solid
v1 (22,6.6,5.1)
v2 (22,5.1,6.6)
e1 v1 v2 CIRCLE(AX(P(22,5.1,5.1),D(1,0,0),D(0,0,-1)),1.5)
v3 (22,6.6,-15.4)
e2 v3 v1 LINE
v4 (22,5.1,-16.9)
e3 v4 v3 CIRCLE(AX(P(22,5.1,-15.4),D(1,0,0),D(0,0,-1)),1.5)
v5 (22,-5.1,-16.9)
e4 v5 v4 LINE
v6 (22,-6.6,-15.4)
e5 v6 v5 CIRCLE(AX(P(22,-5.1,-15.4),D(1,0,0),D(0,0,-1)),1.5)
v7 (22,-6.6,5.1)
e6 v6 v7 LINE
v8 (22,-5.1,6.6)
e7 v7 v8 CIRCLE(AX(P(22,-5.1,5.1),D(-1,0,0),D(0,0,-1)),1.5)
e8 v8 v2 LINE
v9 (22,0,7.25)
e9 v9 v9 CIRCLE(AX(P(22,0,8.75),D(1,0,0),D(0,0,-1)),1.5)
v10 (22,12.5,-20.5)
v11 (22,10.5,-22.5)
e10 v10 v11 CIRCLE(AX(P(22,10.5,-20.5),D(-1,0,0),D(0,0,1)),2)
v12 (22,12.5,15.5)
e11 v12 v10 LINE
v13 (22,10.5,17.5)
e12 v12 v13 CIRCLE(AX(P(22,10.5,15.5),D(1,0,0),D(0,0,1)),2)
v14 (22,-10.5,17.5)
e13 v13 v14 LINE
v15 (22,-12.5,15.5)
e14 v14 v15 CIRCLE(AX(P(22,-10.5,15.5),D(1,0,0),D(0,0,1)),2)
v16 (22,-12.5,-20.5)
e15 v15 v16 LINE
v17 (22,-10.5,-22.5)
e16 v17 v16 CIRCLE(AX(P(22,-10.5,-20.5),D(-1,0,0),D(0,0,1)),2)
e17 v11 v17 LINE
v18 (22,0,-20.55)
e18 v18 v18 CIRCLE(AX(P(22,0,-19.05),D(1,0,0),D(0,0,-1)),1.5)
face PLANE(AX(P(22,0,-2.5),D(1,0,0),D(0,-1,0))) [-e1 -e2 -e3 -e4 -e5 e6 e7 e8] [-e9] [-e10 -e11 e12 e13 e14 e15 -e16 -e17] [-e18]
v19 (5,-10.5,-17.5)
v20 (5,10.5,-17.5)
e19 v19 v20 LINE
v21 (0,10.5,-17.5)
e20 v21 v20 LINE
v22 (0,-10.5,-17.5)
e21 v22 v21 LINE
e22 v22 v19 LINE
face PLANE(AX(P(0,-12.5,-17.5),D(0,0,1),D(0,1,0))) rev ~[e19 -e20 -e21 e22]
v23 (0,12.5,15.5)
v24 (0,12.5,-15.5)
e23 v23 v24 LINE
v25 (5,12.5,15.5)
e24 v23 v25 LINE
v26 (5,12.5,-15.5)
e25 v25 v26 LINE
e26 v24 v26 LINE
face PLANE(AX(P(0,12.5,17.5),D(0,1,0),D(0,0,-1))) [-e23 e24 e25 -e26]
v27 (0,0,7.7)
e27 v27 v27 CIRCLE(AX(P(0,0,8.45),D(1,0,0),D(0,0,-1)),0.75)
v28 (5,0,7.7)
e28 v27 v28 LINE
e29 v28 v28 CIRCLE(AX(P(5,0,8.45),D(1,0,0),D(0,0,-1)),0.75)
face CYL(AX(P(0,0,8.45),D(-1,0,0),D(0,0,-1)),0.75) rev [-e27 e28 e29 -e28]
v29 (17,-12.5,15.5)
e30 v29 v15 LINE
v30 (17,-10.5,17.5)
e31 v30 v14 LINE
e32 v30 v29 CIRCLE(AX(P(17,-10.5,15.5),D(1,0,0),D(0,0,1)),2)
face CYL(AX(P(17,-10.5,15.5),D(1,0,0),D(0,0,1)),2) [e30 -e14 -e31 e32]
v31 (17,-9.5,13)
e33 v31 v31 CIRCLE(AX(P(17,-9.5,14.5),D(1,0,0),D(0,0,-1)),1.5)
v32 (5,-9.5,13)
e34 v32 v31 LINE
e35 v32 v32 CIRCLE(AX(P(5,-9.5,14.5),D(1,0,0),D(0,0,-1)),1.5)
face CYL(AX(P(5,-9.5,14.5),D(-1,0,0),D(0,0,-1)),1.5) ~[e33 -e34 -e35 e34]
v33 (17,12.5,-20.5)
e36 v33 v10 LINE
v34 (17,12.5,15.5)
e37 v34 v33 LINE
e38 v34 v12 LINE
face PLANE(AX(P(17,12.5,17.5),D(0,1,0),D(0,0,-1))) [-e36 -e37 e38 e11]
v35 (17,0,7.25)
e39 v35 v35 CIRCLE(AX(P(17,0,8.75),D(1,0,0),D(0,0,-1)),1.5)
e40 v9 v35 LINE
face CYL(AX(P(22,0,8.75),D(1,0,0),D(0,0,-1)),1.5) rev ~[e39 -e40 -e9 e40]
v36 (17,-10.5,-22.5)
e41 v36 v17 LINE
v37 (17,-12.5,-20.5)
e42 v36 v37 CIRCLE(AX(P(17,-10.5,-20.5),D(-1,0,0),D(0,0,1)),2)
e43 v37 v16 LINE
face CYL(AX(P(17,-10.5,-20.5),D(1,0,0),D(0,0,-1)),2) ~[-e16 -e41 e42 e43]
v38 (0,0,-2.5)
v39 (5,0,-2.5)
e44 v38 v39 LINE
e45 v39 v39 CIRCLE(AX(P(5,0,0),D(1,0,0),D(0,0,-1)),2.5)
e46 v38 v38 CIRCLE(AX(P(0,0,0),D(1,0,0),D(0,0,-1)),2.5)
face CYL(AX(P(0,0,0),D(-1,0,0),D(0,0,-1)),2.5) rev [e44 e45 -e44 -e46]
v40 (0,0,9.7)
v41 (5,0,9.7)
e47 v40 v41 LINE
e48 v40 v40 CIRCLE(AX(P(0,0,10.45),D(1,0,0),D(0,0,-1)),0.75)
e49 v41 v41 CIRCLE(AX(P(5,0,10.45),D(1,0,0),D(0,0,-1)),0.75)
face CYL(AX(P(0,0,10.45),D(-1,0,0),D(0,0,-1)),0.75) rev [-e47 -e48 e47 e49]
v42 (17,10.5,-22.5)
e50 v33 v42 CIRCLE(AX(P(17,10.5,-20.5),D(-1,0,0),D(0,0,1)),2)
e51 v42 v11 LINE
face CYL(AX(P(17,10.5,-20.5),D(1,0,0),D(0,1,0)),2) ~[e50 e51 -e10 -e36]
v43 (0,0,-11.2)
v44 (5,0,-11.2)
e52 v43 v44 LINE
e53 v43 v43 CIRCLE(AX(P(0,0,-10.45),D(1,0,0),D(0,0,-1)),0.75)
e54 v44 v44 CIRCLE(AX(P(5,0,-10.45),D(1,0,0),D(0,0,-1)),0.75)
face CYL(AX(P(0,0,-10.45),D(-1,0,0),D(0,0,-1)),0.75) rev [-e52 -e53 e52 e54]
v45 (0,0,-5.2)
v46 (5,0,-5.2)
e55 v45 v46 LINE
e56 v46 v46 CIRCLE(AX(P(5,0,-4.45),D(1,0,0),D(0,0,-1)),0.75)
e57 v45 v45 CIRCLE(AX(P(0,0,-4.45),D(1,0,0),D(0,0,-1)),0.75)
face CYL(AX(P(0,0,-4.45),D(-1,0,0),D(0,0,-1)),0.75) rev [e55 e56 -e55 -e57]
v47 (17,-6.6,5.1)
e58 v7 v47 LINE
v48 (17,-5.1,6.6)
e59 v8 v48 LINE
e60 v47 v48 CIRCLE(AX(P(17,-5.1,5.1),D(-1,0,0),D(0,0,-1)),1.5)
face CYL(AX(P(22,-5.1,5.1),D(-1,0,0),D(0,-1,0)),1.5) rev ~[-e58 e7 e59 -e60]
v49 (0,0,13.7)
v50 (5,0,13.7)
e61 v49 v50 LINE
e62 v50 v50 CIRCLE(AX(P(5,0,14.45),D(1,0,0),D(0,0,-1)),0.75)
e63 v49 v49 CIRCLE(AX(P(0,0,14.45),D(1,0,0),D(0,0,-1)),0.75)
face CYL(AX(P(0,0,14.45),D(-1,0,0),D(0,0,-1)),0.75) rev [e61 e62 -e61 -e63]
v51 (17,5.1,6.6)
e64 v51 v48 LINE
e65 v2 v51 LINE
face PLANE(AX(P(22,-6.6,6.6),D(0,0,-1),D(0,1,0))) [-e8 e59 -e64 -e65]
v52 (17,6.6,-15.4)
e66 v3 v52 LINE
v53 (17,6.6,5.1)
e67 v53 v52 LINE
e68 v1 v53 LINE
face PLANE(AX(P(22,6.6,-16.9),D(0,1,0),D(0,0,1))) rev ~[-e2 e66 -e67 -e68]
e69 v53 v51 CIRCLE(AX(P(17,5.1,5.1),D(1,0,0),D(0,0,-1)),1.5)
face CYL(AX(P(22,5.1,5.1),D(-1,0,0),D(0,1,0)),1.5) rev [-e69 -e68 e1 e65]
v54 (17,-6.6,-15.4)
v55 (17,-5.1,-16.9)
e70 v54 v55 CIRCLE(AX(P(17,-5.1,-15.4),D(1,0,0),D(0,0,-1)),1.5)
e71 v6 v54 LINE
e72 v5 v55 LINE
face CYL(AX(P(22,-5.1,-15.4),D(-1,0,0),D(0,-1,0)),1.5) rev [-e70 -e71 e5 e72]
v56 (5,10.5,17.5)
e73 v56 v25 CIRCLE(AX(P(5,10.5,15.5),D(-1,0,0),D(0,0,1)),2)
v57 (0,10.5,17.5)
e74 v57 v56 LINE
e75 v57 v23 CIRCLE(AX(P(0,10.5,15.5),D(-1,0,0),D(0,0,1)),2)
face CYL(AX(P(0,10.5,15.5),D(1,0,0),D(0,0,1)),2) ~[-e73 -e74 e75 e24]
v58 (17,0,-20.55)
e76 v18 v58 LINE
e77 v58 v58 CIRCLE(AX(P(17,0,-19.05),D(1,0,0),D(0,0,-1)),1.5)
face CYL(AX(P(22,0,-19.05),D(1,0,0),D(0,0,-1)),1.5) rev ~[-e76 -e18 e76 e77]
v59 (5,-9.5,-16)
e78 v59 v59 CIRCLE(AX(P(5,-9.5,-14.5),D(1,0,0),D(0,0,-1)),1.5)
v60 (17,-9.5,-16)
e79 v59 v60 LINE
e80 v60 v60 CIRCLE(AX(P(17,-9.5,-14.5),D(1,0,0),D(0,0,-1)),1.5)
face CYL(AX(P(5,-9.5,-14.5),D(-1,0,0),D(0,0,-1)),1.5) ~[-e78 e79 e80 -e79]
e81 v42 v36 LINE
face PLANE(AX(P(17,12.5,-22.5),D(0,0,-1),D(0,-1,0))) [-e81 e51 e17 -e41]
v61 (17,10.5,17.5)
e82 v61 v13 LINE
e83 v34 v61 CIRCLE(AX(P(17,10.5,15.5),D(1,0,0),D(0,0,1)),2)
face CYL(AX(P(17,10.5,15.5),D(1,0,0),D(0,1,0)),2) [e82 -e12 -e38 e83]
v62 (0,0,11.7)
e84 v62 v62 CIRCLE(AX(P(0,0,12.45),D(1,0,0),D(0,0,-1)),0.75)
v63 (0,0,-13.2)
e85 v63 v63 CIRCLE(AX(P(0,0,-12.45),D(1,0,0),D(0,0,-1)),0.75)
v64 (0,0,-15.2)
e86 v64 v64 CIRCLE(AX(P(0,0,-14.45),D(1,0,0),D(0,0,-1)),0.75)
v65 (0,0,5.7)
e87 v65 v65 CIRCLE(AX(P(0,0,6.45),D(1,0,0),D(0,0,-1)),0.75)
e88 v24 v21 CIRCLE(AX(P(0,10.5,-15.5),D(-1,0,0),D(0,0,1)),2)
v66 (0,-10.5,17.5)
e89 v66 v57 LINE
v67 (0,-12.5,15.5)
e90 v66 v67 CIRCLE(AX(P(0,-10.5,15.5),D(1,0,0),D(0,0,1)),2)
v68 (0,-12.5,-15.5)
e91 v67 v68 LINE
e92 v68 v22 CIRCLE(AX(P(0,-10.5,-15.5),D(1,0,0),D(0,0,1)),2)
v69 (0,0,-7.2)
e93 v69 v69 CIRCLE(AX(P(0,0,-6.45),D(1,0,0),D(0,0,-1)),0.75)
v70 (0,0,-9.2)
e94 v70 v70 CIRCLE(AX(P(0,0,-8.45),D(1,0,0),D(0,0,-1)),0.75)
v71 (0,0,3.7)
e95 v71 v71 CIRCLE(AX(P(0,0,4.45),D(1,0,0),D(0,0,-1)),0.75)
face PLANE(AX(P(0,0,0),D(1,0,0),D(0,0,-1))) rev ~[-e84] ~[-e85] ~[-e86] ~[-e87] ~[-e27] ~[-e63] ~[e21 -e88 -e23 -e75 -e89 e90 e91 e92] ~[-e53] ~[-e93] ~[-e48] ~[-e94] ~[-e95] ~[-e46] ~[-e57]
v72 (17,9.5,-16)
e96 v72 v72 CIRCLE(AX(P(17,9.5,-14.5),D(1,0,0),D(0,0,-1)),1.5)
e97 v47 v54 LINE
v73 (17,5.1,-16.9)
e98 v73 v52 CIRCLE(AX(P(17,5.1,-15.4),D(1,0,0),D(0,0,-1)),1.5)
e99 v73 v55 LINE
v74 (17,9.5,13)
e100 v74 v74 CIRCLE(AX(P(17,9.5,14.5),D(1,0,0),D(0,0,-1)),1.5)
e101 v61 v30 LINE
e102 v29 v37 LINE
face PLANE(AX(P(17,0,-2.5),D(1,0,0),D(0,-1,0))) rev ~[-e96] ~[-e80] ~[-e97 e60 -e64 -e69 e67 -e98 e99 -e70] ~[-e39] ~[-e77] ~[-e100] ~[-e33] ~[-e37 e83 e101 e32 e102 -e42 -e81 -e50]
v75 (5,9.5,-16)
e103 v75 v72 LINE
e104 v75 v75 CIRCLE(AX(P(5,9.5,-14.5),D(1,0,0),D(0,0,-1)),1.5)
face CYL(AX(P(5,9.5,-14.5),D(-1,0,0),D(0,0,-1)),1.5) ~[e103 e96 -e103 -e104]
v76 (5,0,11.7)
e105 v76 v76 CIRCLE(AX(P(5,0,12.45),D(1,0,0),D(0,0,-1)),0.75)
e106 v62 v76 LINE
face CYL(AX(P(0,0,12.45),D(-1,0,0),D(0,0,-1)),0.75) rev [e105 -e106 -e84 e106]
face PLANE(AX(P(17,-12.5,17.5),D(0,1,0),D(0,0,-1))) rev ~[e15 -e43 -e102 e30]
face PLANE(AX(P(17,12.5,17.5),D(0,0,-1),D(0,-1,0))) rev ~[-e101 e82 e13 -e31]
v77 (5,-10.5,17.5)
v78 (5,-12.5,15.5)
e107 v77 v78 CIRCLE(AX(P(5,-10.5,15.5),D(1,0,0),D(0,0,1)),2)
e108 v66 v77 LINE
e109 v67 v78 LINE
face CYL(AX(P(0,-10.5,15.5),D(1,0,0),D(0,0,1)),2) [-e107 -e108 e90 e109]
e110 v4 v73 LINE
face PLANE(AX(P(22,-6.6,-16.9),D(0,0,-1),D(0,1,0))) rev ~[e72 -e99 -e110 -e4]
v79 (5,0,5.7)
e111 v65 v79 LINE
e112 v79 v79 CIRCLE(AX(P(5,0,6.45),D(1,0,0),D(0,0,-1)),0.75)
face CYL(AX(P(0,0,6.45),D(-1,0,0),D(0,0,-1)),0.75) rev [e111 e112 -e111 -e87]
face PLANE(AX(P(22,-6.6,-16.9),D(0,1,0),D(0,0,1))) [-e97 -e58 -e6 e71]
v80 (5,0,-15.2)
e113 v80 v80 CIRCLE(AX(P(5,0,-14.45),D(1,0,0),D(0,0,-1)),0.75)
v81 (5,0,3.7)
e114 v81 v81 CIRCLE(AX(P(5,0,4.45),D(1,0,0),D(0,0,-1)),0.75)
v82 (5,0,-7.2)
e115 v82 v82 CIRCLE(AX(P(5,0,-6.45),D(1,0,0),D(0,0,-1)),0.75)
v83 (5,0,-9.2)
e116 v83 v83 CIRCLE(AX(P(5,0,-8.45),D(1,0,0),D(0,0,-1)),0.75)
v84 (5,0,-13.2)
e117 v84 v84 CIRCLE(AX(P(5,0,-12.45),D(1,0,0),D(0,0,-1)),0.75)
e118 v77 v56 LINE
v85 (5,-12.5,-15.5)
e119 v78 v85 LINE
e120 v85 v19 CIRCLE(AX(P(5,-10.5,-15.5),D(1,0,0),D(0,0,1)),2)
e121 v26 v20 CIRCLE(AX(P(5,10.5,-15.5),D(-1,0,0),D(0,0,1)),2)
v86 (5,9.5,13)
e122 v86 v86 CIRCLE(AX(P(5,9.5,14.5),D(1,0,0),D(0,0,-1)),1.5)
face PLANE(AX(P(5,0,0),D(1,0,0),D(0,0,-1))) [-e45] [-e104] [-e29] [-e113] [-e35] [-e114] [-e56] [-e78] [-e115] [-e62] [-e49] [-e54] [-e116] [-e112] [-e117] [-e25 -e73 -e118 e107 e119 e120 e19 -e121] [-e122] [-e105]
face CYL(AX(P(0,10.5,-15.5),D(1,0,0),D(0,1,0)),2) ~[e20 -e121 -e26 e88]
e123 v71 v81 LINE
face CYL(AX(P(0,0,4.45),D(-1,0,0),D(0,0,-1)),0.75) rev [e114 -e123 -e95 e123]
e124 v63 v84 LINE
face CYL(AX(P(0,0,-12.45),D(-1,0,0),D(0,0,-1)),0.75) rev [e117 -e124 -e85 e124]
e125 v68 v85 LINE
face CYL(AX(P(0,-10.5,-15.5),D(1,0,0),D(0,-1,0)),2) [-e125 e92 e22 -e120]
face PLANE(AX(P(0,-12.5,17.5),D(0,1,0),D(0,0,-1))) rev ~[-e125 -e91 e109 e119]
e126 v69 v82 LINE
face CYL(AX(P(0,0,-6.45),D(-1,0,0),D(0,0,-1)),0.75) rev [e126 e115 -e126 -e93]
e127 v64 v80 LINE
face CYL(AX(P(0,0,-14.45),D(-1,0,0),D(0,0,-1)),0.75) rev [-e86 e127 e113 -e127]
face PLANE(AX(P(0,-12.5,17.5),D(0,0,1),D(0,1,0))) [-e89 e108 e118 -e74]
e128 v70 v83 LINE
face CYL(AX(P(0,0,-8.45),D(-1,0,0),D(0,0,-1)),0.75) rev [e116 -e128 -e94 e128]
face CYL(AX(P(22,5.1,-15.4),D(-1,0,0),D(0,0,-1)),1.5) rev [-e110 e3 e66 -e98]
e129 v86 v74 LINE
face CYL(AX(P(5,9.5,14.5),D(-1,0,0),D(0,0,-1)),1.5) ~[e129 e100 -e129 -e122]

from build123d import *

# Parameters (mm, degrees)
SKETCH1_W           = 35
SKETCH1_H           = 25
SKETCH1_R           = 0.75
SKETCH1_R_2         = 2.5
BOSS_EXTRUDE1_DEPTH = 5
SKETCH5_R           = 1.5
BOSS_EXTRUDE3_DEPTH = 12
SKETCH4_W           = 25
SKETCH4_H           = 40
BOSS_EXTRUDE2_DEPTH = 5
CUT_EXTRUDE2_REACH  = 55.819
SKETCH3_R           = 1.5
SKETCH3_W           = 13.2
SKETCH3_H           = 23.5
FILLET5_R           = 1.5
FILLET6_R           = 2


with BuildPart() as part:
    # Sketch1 → Boss-Extrude1 (new body)
    with BuildSketch(Plane(origin=(0, 0, 0), x_dir=(0, 0, -1), z_dir=(1, 0, 0))):
        Rectangle(SKETCH1_W, SKETCH1_H)
        with Locations((-14.45, 0)):
            Circle(SKETCH1_R, mode=Mode.SUBTRACT)
        with Locations((-12.45, 0)):
            Circle(SKETCH1_R, mode=Mode.SUBTRACT)
        with Locations((-10.45, 0)):
            Circle(SKETCH1_R, mode=Mode.SUBTRACT)
        with Locations((-8.45, 0)):
            Circle(SKETCH1_R, mode=Mode.SUBTRACT)
        with Locations((-6.45, 0)):
            Circle(SKETCH1_R, mode=Mode.SUBTRACT)
        with Locations((-4.45, 0)):
            Circle(SKETCH1_R, mode=Mode.SUBTRACT)
        Circle(SKETCH1_R_2, mode=Mode.SUBTRACT)
        with Locations((4.45, 0)):
            Circle(SKETCH1_R, mode=Mode.SUBTRACT)
        with Locations((6.45, 0)):
            Circle(SKETCH1_R, mode=Mode.SUBTRACT)
        with Locations((8.45, 0)):
            Circle(SKETCH1_R, mode=Mode.SUBTRACT)
        with Locations((10.45, 0)):
            Circle(SKETCH1_R, mode=Mode.SUBTRACT)
        with Locations((12.45, 0)):
            Circle(SKETCH1_R, mode=Mode.SUBTRACT)
        with Locations((14.45, 0)):
            Circle(SKETCH1_R, mode=Mode.SUBTRACT)
    extrude(amount=BOSS_EXTRUDE1_DEPTH)

    # Sketch5 → Boss-Extrude3 (add)
    with BuildSketch(Plane(origin=(5, 0, 0), x_dir=(0, 0, -1), z_dir=(1, 0, 0))):
        with Locations((-14.5, 9.5)):
            Circle(SKETCH5_R)
        with Locations((14.5, 9.5)):
            Circle(SKETCH5_R)
        with Locations((14.5, -9.5)):
            Circle(SKETCH5_R)
        with Locations((-14.5, -9.5)):
            Circle(SKETCH5_R)
    extrude(amount=BOSS_EXTRUDE3_DEPTH)

    # Sketch4 → Boss-Extrude2 (add)
    with BuildSketch(Plane(origin=(17, 17.5, 0), x_dir=(0, -1, 0), z_dir=(1, 0, 0))):
        with Locations((17.5, 2.5)):
            Rectangle(SKETCH4_W, SKETCH4_H)
    extrude(amount=BOSS_EXTRUDE2_DEPTH)

    # Sketch3 → Cut-Extrude2 (cut, up to next)
    with BuildSketch(Plane(origin=(22, 0, -30), x_dir=(0, 1, 0), z_dir=(1, 0, 0)), mode=Mode.PRIVATE) as cut_extrude2_sk1:
        with Locations((0, 38.75)):
            Circle(SKETCH3_R)
    cut_extrude2_tool1 = extrude(cut_extrude2_sk1.sketch, amount=-CUT_EXTRUDE2_REACH, mode=Mode.PRIVATE) & part.part
    # Sketch3 → Cut-Extrude2 (cut, up to next)
    with BuildSketch(Plane(origin=(22, 0, -30), x_dir=(0, 1, 0), z_dir=(1, 0, 0)), mode=Mode.PRIVATE) as cut_extrude2_sk2:
        with Locations((0, 10.95)):
            Circle(SKETCH3_R)
    cut_extrude2_tool2 = extrude(cut_extrude2_sk2.sketch, amount=-CUT_EXTRUDE2_REACH, mode=Mode.PRIVATE) & part.part
    # Sketch3 → Cut-Extrude2 (cut, up to next)
    with BuildSketch(Plane(origin=(22, 0, -30), x_dir=(0, 1, 0), z_dir=(1, 0, 0)), mode=Mode.PRIVATE) as cut_extrude2_sk3:
        with Locations((0, 24.85)):
            Rectangle(SKETCH3_W, SKETCH3_H)
    cut_extrude2_tool3 = extrude(cut_extrude2_sk3.sketch, amount=-CUT_EXTRUDE2_REACH, mode=Mode.PRIVATE) & part.part
    add(cut_extrude2_tool1.solids().sort_by_distance((22, 0, 8.75))[0], mode=Mode.SUBTRACT)
    add(cut_extrude2_tool2.solids().sort_by_distance((22, 0, -19.05))[0], mode=Mode.SUBTRACT)
    add(cut_extrude2_tool3.solids().sort_by_distance((22, 0, -5.15))[0], mode=Mode.SUBTRACT)

    # Fillet5
    fillet5_edges = [part.edges().sort_by_distance(p)[0] for p in [
        (19.5, 6.6, 6.6),
        (19.5, 6.6, -16.9),
        (19.5, -6.6, -16.9),
        (19.5, -6.6, 6.6),
    ]]
    fillet(fillet5_edges, radius=FILLET5_R)

    # Fillet6
    fillet6_edges = [part.edges().sort_by_distance(p)[0] for p in [
        (19.5, -12.5, 17.5),
        (19.5, 12.5, -22.5),
        (19.5, -12.5, -22.5),
        (2.5, -12.5, -17.5),
        (2.5, 12.5, -17.5),
        (2.5, -12.5, 17.5),
        (2.5, 12.5, 17.5),
        (19.5, 12.5, 17.5),
    ]]
    fillet(fillet6_edges, radius=FILLET6_R)


solid = part.part
